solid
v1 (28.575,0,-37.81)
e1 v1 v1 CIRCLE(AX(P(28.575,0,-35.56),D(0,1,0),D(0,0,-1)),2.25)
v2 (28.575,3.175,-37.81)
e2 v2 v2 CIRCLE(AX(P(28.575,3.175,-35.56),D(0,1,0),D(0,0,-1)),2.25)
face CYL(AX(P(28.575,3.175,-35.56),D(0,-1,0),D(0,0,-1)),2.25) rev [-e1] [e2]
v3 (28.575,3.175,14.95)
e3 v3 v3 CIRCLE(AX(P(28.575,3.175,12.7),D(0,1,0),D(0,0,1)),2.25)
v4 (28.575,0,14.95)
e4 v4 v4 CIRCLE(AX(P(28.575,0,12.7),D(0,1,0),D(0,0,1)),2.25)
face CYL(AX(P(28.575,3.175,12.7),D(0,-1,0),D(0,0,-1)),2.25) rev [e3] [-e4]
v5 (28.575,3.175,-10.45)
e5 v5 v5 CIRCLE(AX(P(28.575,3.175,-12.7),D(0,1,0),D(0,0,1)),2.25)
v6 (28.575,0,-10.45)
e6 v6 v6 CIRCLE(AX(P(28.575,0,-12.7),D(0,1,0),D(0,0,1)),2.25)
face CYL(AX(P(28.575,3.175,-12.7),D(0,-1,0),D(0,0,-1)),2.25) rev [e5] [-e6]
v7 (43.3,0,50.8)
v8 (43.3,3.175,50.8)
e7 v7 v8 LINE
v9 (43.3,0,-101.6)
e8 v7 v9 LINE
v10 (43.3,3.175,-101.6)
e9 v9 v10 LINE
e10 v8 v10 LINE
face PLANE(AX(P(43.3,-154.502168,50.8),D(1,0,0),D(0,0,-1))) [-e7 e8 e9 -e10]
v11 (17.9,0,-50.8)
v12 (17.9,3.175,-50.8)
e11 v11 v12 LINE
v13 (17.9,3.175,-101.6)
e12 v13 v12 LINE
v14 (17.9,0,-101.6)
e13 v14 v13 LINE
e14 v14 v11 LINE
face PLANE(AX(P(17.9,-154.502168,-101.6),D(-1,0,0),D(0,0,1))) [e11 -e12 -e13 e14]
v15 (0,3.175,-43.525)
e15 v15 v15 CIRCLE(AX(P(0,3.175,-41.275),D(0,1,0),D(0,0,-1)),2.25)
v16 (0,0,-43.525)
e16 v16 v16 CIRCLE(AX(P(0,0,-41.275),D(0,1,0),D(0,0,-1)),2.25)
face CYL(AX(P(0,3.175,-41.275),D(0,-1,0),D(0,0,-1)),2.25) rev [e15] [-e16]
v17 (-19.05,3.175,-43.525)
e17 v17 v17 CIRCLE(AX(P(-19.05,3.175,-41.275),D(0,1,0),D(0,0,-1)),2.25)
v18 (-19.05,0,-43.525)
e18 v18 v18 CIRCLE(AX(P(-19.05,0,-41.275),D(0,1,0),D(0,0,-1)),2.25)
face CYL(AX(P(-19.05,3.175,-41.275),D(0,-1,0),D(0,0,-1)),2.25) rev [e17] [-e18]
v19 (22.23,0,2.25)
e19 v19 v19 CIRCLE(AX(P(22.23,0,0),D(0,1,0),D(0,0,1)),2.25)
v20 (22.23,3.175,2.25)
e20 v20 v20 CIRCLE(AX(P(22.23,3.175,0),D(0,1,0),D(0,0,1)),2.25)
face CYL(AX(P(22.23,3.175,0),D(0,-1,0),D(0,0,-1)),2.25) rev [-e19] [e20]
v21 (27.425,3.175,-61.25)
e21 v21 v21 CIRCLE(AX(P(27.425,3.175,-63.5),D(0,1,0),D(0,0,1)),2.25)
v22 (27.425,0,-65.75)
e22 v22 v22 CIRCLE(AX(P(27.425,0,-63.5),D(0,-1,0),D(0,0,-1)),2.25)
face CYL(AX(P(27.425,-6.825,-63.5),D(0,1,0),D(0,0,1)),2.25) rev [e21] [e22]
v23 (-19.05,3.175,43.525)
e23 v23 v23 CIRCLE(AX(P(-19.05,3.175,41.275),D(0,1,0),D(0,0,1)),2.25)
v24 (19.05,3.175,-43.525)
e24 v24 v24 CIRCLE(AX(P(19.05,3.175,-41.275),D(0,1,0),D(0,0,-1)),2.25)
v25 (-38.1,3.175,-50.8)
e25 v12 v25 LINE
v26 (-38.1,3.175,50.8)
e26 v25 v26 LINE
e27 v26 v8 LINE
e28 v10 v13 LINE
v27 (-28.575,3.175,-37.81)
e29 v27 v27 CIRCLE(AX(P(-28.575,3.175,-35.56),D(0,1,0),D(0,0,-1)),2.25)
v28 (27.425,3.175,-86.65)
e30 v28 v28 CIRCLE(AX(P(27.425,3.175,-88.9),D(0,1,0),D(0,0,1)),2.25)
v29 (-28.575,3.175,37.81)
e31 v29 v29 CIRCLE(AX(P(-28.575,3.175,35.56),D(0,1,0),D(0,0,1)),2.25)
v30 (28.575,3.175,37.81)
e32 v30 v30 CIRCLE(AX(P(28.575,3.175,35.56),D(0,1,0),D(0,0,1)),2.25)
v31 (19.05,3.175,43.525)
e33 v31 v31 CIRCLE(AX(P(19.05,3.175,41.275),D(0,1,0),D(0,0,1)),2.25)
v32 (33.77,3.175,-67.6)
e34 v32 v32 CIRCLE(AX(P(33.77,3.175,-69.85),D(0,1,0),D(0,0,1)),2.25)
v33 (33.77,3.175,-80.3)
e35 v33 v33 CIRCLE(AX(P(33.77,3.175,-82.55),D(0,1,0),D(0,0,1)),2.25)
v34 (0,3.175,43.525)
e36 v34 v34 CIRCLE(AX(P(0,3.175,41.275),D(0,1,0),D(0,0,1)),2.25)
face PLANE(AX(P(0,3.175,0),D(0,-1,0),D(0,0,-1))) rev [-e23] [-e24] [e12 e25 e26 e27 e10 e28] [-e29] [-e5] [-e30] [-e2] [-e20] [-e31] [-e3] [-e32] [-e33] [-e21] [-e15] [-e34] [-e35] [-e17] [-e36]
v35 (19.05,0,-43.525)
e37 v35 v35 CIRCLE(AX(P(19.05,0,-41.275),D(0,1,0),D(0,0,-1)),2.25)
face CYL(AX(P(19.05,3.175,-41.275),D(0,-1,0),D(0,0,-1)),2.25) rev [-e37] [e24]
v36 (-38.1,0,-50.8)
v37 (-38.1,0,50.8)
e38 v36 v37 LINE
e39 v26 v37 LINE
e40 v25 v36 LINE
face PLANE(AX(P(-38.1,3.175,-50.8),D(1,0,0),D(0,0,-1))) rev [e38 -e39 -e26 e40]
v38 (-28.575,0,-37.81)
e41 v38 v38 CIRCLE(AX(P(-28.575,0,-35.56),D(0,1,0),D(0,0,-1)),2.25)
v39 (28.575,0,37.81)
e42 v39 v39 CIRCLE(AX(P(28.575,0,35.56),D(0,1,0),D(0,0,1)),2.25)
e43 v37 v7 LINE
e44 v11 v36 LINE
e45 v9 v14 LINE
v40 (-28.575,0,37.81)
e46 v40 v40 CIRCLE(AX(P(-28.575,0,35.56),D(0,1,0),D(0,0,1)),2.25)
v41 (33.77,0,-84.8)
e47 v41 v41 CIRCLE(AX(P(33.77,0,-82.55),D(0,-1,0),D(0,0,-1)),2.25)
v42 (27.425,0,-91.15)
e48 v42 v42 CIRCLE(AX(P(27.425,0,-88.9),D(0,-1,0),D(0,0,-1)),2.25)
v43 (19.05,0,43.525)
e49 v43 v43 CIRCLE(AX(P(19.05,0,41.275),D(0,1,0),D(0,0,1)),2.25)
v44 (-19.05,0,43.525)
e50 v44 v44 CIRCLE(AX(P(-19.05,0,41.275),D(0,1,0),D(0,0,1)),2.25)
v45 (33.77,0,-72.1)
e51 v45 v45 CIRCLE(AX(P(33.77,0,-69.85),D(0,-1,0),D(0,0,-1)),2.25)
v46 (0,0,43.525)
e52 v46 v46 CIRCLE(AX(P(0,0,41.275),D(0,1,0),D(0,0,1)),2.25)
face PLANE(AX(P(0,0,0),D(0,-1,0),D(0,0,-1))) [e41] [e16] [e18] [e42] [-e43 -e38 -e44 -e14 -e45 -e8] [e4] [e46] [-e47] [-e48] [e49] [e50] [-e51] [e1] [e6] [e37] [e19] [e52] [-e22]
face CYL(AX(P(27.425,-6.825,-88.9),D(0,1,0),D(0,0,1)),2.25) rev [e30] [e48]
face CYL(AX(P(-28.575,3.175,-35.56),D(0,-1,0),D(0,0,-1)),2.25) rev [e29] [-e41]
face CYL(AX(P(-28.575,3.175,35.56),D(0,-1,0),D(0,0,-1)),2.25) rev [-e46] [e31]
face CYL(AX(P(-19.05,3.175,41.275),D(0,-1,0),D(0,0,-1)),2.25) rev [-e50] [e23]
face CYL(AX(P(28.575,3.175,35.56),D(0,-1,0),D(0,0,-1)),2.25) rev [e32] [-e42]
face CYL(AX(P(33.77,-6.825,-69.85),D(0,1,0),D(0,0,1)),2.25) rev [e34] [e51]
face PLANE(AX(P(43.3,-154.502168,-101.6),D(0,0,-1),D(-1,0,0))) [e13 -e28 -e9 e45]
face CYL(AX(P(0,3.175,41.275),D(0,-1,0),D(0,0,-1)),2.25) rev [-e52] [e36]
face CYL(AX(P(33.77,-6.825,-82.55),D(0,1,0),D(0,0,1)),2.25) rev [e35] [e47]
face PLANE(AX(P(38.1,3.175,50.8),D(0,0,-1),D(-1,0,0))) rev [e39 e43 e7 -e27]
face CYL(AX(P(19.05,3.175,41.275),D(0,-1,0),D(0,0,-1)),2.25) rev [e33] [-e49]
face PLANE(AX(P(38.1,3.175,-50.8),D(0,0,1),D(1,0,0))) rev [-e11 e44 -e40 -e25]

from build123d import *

# Parameters (mm, degrees)
SKETCH1_W           = 76.2
SKETCH1_H           = 101.6
SKETCH1_R           = 2.25
BOSS_EXTRUDE1_DEPTH = 3.175
BOSS_EXTRUDE2_DEPTH = 3.175
SKETCH3_R           = 2.25
CUT_EXTRUDE1_DEPTH  = 10


with BuildPart() as part:
    # Sketch1 → Boss-Extrude1 (new body)
    with BuildSketch(Plane(origin=(0, 0, 0), x_dir=(1, 0, 0), z_dir=(0, 1, 0))):
        Rectangle(SKETCH1_W, SKETCH1_H)
        with Locations((-19.05, -41.275)):
            Circle(SKETCH1_R, mode=Mode.SUBTRACT)
        with Locations((19.05, -41.275)):
            Circle(SKETCH1_R, mode=Mode.SUBTRACT)
        with Locations((28.575, -35.56)):
            Circle(SKETCH1_R, mode=Mode.SUBTRACT)
        with Locations((-28.575, -35.56)):
            Circle(SKETCH1_R, mode=Mode.SUBTRACT)
        with Locations((28.575, 35.56)):
            Circle(SKETCH1_R, mode=Mode.SUBTRACT)
        with Locations((19.05, 41.275)):
            Circle(SKETCH1_R, mode=Mode.SUBTRACT)
        with Locations((-28.575, 35.56)):
            Circle(SKETCH1_R, mode=Mode.SUBTRACT)
        with Locations((-19.05, 41.275)):
            Circle(SKETCH1_R, mode=Mode.SUBTRACT)
        with Locations((0, -41.275)):
            Circle(SKETCH1_R, mode=Mode.SUBTRACT)
        with Locations((0, 41.275)):
            Circle(SKETCH1_R, mode=Mode.SUBTRACT)
        with Locations((28.575, 12.7)):
            Circle(SKETCH1_R, mode=Mode.SUBTRACT)
        with Locations((28.575, -12.7)):
            Circle(SKETCH1_R, mode=Mode.SUBTRACT)
        with Locations((22.23, 0)):
            Circle(SKETCH1_R, mode=Mode.SUBTRACT)
    extrude(amount=BOSS_EXTRUDE1_DEPTH)

    # Sketch2 → Boss-Extrude2 (add)
    with BuildSketch(Plane(origin=(0, 3.175, 0), x_dir=(1, 0, 0), z_dir=(0, 1, 0))):
        Polygon((38.1, -50.8), (43.3, -50.8), (43.3, 101.6), (17.9, 101.6), (17.9, 50.8), (38.1, 50.8), align=None)
    extrude(amount=-BOSS_EXTRUDE2_DEPTH)

    # Sketch3 → Cut-Extrude1 (cut)
    with BuildSketch(Plane(origin=(0, 3.175, 0), x_dir=(1, 0, 0), z_dir=(0, 1, 0))):
        with Locations((33.77, 82.55)):
            Circle(SKETCH3_R)
        with Locations((33.77, 69.85)):
            Circle(SKETCH3_R)
        with Locations((27.425, 88.9)):
            Circle(SKETCH3_R)
        with Locations((27.425, 63.5)):
            Circle(SKETCH3_R)
    extrude(amount=-CUT_EXTRUDE1_DEPTH, mode=Mode.SUBTRACT)


solid = part.part
